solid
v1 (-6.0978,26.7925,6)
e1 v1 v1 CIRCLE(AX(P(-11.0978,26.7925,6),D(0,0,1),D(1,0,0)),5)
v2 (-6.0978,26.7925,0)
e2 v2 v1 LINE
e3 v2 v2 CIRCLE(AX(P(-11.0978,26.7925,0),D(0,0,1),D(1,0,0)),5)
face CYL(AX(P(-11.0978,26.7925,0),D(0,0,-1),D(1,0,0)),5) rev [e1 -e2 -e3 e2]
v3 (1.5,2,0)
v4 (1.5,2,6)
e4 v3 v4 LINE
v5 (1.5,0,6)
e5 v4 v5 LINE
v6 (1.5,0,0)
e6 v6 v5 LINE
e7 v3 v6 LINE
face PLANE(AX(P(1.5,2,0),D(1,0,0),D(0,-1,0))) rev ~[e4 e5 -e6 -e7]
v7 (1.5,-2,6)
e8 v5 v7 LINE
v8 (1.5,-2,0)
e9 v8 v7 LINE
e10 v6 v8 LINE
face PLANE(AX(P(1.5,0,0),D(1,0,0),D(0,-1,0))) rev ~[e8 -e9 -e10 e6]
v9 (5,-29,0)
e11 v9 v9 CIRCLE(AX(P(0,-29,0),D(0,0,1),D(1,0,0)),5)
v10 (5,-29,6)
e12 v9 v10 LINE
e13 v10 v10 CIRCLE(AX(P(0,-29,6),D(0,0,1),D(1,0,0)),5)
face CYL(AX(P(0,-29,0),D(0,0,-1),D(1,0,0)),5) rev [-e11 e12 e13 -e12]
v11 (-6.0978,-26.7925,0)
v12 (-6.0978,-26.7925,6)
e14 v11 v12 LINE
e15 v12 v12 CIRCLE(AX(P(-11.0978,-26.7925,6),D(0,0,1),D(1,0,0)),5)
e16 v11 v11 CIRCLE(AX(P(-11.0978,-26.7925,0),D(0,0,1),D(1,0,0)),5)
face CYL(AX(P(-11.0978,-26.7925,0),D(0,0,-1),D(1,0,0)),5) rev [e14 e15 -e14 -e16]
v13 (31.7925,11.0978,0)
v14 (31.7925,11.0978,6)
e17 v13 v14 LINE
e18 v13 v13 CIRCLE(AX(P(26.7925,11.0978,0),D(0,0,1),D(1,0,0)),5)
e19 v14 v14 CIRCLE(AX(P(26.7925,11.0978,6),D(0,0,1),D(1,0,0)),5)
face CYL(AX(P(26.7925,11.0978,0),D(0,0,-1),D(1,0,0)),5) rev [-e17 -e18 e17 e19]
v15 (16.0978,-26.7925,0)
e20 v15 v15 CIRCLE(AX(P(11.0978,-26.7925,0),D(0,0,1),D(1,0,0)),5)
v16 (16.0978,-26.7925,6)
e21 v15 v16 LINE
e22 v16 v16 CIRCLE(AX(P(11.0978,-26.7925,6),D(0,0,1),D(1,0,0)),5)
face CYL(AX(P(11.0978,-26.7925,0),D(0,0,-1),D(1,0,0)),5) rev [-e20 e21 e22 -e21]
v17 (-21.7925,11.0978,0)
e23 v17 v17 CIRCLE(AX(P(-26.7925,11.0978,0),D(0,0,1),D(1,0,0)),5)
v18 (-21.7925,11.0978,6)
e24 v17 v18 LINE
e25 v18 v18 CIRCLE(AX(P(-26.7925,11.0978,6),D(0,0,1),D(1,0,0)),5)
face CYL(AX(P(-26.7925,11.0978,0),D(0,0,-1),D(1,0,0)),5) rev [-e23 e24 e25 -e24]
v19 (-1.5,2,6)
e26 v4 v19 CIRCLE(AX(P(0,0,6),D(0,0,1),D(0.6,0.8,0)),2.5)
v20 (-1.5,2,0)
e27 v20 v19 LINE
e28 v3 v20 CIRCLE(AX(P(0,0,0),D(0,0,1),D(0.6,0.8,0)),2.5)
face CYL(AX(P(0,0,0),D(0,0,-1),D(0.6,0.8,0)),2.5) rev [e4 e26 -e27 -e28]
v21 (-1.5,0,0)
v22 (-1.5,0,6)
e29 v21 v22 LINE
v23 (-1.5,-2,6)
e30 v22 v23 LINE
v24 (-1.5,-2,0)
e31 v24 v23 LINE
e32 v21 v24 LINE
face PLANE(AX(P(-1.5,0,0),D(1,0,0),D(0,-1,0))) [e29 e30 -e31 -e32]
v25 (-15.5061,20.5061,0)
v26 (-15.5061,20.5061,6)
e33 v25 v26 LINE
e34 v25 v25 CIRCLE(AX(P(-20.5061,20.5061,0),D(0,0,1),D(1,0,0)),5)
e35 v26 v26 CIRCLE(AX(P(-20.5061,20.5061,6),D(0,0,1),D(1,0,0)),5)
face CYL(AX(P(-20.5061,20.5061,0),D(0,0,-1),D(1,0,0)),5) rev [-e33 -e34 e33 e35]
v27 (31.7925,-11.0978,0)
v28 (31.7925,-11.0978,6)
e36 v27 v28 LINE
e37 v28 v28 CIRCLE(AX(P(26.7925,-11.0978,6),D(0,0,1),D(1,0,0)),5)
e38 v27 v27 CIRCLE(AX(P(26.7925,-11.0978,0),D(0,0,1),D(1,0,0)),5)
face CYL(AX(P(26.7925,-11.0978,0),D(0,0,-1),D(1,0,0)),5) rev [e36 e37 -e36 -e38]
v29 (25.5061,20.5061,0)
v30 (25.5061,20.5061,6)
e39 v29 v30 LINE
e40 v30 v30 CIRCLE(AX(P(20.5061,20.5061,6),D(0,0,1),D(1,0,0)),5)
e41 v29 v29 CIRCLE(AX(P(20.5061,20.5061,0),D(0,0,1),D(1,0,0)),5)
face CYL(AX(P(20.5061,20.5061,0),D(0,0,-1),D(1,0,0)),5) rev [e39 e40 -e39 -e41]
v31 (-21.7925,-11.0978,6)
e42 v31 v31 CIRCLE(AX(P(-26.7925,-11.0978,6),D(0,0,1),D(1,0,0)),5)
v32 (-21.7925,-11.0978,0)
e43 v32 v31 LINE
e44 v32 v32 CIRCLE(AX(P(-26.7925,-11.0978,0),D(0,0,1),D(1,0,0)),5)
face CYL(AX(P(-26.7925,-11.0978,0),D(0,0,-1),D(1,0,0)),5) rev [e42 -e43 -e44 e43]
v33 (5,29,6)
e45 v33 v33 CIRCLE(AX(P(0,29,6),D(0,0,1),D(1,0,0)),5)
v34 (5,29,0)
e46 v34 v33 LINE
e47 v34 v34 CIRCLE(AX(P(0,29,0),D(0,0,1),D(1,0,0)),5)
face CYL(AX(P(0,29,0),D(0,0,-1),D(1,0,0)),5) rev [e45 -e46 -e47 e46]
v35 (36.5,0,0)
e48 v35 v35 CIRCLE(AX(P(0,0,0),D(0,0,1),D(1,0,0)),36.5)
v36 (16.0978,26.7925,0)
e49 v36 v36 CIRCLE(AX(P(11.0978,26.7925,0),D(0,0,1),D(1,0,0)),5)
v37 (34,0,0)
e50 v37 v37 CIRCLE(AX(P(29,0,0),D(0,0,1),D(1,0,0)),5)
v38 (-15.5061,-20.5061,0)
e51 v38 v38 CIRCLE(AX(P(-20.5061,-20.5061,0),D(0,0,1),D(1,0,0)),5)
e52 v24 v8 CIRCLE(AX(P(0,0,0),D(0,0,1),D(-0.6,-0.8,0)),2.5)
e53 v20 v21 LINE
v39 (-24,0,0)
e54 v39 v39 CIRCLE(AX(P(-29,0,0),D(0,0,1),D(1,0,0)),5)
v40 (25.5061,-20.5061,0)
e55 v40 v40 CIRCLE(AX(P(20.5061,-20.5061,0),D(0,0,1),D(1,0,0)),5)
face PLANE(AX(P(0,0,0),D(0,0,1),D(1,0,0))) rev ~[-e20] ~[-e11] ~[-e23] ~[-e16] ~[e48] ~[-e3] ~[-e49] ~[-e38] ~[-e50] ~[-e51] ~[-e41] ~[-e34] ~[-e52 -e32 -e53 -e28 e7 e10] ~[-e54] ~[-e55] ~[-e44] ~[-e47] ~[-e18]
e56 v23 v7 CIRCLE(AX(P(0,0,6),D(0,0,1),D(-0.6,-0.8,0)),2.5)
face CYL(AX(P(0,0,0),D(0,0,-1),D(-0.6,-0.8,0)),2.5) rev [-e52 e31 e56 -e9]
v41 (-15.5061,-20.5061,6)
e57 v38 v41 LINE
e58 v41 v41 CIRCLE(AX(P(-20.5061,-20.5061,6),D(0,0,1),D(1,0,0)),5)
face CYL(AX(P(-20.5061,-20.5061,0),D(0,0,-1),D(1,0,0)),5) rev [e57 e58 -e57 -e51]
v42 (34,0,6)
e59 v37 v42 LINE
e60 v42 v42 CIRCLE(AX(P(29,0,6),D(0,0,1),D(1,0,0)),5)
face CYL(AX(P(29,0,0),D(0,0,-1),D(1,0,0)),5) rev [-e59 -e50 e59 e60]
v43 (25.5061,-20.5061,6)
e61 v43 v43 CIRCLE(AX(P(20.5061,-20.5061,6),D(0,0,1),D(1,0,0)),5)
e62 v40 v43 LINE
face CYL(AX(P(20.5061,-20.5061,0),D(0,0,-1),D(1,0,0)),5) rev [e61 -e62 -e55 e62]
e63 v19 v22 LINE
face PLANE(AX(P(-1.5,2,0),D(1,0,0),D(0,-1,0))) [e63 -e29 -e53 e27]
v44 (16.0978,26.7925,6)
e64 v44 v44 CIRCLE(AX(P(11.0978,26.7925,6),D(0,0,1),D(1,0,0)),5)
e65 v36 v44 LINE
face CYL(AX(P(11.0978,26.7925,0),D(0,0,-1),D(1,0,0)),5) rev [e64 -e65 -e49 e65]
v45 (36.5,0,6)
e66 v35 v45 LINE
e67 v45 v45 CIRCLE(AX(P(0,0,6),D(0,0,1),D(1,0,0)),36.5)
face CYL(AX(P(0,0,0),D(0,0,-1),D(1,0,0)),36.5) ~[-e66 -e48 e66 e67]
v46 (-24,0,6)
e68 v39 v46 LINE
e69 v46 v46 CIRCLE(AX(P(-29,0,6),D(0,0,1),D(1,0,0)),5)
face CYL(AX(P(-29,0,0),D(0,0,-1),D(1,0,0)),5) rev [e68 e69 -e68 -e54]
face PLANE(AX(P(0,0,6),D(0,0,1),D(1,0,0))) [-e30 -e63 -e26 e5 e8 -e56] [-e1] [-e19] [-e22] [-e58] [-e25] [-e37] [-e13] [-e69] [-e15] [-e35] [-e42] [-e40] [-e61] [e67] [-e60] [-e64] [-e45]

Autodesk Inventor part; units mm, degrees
ref_plane "YZ Plane" through (0, 0, 0) normal (1, 0, 0) x (0, 1, 0)
ref_plane "XZ Plane" through (0, 0, 0) normal (0, 1, 0) x (-1, 0, 0)
ref_plane "XY Plane" through (0, 0, 0) normal (0, 0, 1) x (1, 0, 0)
sketch "Sketch1" plane through (0, 0, 0) normal (0, 0, 1) x (1, 0, 0)
  circle A0 centre (0, 29) radius 5
  circle A1 centre (0, 0) radius 36.5
  line L0 (-1.5, 2) -> (-1.5, 0)
  line L1 (-1.5, 0) -> (-1.5, -2)
  line L2 (1.5, 2) -> (1.5, 0)
  line L3 (1.5, 0) -> (1.5, -2)
  arc A2 (-1.5, -2) -> (1.5, -2) centre (0, 0) ccw
  arc A3 (1.5, 2) -> (-1.5, 2) centre (0, 0) ccw
  circle A4 centre (-11.0978, 26.7925) radius 5
  circle A5 centre (-20.5061, 20.5061) radius 5
  circle A6 centre (-26.7925, 11.0978) radius 5
  circle A7 centre (-29, 0) radius 5
  circle A8 centre (-26.7925, -11.0978) radius 5
  circle A9 centre (-20.5061, -20.5061) radius 5
  circle A10 centre (-11.0978, -26.7925) radius 5
  circle A11 centre (0, -29) radius 5
  circle A12 centre (11.0978, -26.7925) radius 5
  circle A13 centre (20.5061, -20.5061) radius 5
  circle A14 centre (26.7925, -11.0978) radius 5
  circle A15 centre (29, 0) radius 5
  circle A16 centre (26.7925, 11.0978) radius 5
  circle A17 centre (20.5061, 20.5061) radius 5
  circle A18 centre (11.0978, 26.7925) radius 5
  dimension "d15" = 29
  dimension "d18" = 360
  dimension "d20" = 10
  dimension "d21" = 73
  dimension "d35" = 2.5
  dimension "d36" = 2.5
  dimension "d37" = 3
  dimension "d38" = 1.5
  dimension "d39" = 1.5
  dimension "d40" = 1.5
  dimension "d41" = 27.5
  dimension "d42" = 27.5
  dimension "d43" = 28.2925
  dimension "d44" = 1.5
  dimension "d45" = 2.5
extrude "Extrusion1" add sketch "Sketch1" along normal blind 6
properties part number "feeder_ring"
